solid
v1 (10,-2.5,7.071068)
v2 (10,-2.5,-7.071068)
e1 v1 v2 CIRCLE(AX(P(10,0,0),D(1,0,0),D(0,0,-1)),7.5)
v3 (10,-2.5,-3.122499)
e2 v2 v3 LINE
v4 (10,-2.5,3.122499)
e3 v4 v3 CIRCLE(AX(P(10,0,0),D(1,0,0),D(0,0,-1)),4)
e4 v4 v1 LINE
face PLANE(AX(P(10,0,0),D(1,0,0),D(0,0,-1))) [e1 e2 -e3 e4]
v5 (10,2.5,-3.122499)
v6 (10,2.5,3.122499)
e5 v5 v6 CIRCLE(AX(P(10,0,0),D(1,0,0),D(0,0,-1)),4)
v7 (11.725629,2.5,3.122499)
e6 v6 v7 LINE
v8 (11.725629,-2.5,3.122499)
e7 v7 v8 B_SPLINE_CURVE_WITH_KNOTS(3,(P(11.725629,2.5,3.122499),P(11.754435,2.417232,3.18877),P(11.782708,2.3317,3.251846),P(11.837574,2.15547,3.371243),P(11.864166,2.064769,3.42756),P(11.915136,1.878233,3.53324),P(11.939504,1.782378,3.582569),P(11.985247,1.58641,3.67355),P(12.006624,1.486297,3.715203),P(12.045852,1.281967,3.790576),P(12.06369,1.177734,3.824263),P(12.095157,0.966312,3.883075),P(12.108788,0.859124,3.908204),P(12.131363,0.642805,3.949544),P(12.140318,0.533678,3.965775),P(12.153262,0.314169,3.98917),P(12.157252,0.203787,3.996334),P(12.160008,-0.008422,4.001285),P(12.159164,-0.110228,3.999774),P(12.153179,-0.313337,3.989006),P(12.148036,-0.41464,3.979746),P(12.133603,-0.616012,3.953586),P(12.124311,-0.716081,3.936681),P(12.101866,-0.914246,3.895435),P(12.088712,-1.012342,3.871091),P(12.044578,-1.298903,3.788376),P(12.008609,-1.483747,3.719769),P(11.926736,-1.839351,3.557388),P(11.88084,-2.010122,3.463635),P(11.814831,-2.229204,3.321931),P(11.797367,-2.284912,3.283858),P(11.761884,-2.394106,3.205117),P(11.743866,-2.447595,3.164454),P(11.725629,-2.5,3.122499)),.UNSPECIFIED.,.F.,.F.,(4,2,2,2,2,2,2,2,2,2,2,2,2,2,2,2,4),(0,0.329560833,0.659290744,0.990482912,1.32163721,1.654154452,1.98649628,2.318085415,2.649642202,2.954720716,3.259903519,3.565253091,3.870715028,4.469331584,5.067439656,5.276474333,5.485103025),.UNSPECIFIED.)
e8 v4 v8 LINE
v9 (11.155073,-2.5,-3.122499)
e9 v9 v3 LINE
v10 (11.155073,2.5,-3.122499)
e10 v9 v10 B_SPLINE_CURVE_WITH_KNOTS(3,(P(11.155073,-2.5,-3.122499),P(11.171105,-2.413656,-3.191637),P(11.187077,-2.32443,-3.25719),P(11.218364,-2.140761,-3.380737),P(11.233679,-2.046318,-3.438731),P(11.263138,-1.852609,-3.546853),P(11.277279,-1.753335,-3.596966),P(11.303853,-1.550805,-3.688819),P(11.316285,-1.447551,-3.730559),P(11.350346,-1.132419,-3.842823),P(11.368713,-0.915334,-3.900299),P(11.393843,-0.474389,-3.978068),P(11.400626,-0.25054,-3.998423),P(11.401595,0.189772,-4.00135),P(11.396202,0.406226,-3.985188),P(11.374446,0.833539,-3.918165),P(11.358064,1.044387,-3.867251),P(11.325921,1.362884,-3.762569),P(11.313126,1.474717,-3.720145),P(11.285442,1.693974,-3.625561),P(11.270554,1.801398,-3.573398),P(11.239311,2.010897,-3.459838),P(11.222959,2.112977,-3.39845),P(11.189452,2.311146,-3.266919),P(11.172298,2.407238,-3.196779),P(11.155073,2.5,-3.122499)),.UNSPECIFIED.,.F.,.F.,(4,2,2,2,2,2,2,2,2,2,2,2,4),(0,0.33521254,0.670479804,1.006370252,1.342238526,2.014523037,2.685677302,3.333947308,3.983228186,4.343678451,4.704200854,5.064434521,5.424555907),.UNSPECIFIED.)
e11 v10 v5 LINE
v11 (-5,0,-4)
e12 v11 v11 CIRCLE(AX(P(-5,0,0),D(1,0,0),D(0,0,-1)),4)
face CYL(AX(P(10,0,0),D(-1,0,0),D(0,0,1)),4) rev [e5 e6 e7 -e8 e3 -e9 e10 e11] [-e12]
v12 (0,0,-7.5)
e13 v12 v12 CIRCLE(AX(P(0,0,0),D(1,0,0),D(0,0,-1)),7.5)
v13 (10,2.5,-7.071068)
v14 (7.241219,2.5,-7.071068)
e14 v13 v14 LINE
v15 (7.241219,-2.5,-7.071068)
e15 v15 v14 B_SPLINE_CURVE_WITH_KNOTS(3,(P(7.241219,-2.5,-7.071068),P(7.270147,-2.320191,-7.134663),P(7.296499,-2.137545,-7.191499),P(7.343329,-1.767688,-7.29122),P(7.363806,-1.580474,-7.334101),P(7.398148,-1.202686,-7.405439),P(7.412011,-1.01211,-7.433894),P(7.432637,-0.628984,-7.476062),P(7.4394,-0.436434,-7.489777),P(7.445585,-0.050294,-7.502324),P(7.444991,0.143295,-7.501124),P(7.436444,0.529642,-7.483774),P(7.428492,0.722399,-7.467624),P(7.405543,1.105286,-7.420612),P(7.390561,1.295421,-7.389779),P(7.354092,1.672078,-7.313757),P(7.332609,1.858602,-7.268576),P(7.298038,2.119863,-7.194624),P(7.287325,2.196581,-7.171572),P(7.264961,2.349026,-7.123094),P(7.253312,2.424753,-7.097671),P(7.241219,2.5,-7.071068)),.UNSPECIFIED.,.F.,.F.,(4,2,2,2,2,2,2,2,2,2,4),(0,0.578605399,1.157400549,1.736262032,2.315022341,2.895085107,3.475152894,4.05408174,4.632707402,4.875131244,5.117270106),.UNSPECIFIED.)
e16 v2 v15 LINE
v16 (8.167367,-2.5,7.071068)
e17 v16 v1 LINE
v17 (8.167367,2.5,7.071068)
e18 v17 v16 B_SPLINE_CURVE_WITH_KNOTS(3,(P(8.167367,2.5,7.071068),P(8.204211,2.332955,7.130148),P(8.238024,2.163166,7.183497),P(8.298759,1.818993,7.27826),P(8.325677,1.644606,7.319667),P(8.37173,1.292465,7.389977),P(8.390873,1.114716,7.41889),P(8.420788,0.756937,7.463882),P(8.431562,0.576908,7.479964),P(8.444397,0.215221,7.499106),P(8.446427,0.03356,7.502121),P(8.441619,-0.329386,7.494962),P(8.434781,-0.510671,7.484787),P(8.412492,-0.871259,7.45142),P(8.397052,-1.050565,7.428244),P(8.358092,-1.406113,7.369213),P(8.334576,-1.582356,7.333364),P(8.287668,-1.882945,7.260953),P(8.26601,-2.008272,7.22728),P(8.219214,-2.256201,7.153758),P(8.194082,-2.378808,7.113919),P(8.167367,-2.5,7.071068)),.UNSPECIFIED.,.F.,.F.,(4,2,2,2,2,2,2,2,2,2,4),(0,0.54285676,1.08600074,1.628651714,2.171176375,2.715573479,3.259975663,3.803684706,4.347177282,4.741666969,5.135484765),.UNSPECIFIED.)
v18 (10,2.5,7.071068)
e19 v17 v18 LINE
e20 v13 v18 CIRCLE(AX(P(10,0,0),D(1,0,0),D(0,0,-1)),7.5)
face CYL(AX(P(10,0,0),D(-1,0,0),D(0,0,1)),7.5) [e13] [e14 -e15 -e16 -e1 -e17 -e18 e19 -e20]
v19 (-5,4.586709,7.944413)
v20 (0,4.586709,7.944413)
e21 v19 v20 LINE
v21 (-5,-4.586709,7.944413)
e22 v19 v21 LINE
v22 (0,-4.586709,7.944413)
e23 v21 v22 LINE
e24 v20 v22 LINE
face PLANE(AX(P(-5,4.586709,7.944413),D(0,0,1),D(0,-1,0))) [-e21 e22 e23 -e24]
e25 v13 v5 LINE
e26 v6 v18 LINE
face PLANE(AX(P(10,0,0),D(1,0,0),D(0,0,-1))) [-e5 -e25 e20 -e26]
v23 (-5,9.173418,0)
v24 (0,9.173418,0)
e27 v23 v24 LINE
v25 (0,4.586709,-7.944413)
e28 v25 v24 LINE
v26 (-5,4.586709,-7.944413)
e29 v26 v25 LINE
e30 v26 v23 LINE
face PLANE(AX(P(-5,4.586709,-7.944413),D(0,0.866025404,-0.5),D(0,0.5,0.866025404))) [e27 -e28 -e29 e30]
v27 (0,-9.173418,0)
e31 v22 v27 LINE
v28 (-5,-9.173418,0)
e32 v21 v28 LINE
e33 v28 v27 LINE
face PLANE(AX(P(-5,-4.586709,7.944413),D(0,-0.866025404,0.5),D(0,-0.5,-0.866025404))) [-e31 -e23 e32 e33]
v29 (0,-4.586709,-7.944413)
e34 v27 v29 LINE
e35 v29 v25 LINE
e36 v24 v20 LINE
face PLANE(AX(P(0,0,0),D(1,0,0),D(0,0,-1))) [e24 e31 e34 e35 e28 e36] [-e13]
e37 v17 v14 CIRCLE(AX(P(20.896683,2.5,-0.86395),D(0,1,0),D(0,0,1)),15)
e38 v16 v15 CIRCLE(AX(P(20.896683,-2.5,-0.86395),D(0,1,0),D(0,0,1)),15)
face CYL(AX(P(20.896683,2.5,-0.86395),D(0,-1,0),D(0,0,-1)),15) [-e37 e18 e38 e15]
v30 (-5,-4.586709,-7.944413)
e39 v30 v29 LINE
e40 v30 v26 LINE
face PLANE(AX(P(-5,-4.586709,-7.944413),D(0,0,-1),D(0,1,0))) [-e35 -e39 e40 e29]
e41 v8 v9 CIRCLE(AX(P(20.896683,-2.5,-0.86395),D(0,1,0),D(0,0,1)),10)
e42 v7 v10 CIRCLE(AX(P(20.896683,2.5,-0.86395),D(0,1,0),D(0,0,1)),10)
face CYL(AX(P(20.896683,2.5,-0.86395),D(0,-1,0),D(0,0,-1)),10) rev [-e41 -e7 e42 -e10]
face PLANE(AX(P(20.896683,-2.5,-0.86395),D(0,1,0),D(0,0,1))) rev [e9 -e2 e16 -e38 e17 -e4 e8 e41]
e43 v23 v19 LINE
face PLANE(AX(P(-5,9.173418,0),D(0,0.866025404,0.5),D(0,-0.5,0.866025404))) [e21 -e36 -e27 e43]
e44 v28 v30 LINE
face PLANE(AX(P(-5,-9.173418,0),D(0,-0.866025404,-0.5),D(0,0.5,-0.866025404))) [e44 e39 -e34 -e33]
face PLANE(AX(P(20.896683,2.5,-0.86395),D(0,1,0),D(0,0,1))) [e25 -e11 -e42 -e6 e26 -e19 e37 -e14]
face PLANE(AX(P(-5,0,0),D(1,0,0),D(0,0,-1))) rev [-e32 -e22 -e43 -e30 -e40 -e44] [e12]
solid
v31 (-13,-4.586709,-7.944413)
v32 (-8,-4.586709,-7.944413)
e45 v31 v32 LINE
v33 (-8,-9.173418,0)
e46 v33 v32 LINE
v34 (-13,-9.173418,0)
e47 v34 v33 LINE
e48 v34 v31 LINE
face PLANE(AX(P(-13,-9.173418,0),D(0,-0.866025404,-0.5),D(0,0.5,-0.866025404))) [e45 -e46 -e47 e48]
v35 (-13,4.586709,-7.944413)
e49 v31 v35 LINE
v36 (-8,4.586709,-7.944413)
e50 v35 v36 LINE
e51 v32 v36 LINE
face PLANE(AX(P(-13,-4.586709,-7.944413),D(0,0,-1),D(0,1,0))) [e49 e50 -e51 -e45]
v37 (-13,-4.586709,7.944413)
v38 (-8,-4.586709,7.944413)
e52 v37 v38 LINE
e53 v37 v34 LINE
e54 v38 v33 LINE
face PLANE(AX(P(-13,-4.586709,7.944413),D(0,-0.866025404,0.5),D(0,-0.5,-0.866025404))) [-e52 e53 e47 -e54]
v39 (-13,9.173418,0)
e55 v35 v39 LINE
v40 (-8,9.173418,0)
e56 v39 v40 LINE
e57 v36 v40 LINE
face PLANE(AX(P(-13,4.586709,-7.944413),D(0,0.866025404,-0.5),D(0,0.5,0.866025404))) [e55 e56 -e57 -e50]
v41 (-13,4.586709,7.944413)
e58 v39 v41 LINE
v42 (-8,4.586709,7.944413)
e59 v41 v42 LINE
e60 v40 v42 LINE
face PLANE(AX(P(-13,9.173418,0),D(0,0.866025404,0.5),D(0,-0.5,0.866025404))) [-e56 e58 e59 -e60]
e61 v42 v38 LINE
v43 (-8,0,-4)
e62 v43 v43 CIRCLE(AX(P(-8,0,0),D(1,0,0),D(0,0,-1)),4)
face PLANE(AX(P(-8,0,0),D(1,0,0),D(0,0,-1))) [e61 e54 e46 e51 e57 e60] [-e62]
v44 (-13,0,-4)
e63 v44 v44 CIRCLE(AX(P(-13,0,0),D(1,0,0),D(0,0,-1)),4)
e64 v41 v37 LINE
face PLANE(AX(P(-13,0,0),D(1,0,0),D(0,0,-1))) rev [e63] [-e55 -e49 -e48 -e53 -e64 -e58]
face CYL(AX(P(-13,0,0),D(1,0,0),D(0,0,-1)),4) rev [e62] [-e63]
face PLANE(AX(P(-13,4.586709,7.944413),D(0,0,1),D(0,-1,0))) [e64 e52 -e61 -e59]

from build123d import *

# Parameters (mm, degrees)
SKETCH1_R           = 7.5
SKETCH1_R_2         = 4
BOSS_EXTRUDE1_DEPTH = 10
SKETCH2_R           = 15
SKETCH2_R_2         = 10
BOSS_EXTRUDE2_DEPTH = 2.5
BOSS_EXTRUDE3_DEPTH = 5
BOSS_EXTRUDE4_START = -8
BOSS_EXTRUDE4_DEPTH = 5
CUT_EXTRUDE1_START  = -13
SKETCH1_3_R         = 4
CUT_EXTRUDE1_DEPTH  = 25.159292


with BuildPart() as part:
    # Sketch1 → Boss-Extrude1 (new body)
    with BuildSketch(Plane(origin=(0, 0, 0), x_dir=(0, 0, -1), z_dir=(1, 0, 0))):
        Circle(SKETCH1_R)
        Circle(SKETCH1_R_2, mode=Mode.SUBTRACT)
    extrude(amount=BOSS_EXTRUDE1_DEPTH)

    # Sketch2 → Boss-Extrude2 (add, symmetric)
    with BuildSketch(Plane(origin=(0, 0, 0), x_dir=(1, 0, 0), z_dir=(0, 1, 0))):
        with Locations((20.896682981, 0.863950162)):
            Circle(SKETCH2_R)
        with Locations(Location((20.896682981, 0.863950162, 0), (0, 0, 270))):
            Circle(SKETCH2_R_2, mode=Mode.SUBTRACT)
    extrude(amount=BOSS_EXTRUDE2_DEPTH, both=True)

    # Sketch3 → Boss-Extrude3 (add)
    with BuildSketch(Plane(origin=(0, 0, 0), x_dir=(0, 0, -1), z_dir=(1, 0, 0))):
        Polygon((0, -9.173417626), (7.944412704, -4.586708813), (7.944412704, 4.586708813), (0, 9.173417626), (-7.944412704, 4.586708813), (-7.944412704, -4.586708813), align=None)
    extrude(amount=-BOSS_EXTRUDE3_DEPTH)


with BuildPart() as body_2:
    # Sketch3<2> → Boss-Extrude4 (new body)
    with BuildSketch(Plane(origin=(0, 0, 0), x_dir=(0, 0, -1), z_dir=(1, 0, 0)).offset(BOSS_EXTRUDE4_START)):
        Polygon((0, -9.173417626), (7.944412704, -4.586708813), (7.944412704, 4.586708813), (0, 9.173417626), (-7.944412704, 4.586708813), (-7.944412704, -4.586708813), align=None)
    extrude(amount=-BOSS_EXTRUDE4_DEPTH)


with BuildPart() as cut_extrude1_tool:
    # Sketch1<3> → Cut-Extrude1 (new body)
    with BuildSketch(Plane(origin=(0, 0, 0), x_dir=(0, 0, -1), z_dir=(1, 0, 0)).offset(CUT_EXTRUDE1_START)):
        Circle(SKETCH1_3_R)
    extrude(amount=CUT_EXTRUDE1_DEPTH)


with BuildPart() as part_1:
    add(part.part)

    # Cut-Extrude1: cut by cut_extrude1_tool
    add(cut_extrude1_tool.part, mode=Mode.SUBTRACT)


with BuildPart() as body_2_1:
    add(body_2.part)

    # Cut-Extrude1: cut by cut_extrude1_tool
    add(cut_extrude1_tool.part, mode=Mode.SUBTRACT)


solid = Compound([part_1.part, body_2_1.part])
